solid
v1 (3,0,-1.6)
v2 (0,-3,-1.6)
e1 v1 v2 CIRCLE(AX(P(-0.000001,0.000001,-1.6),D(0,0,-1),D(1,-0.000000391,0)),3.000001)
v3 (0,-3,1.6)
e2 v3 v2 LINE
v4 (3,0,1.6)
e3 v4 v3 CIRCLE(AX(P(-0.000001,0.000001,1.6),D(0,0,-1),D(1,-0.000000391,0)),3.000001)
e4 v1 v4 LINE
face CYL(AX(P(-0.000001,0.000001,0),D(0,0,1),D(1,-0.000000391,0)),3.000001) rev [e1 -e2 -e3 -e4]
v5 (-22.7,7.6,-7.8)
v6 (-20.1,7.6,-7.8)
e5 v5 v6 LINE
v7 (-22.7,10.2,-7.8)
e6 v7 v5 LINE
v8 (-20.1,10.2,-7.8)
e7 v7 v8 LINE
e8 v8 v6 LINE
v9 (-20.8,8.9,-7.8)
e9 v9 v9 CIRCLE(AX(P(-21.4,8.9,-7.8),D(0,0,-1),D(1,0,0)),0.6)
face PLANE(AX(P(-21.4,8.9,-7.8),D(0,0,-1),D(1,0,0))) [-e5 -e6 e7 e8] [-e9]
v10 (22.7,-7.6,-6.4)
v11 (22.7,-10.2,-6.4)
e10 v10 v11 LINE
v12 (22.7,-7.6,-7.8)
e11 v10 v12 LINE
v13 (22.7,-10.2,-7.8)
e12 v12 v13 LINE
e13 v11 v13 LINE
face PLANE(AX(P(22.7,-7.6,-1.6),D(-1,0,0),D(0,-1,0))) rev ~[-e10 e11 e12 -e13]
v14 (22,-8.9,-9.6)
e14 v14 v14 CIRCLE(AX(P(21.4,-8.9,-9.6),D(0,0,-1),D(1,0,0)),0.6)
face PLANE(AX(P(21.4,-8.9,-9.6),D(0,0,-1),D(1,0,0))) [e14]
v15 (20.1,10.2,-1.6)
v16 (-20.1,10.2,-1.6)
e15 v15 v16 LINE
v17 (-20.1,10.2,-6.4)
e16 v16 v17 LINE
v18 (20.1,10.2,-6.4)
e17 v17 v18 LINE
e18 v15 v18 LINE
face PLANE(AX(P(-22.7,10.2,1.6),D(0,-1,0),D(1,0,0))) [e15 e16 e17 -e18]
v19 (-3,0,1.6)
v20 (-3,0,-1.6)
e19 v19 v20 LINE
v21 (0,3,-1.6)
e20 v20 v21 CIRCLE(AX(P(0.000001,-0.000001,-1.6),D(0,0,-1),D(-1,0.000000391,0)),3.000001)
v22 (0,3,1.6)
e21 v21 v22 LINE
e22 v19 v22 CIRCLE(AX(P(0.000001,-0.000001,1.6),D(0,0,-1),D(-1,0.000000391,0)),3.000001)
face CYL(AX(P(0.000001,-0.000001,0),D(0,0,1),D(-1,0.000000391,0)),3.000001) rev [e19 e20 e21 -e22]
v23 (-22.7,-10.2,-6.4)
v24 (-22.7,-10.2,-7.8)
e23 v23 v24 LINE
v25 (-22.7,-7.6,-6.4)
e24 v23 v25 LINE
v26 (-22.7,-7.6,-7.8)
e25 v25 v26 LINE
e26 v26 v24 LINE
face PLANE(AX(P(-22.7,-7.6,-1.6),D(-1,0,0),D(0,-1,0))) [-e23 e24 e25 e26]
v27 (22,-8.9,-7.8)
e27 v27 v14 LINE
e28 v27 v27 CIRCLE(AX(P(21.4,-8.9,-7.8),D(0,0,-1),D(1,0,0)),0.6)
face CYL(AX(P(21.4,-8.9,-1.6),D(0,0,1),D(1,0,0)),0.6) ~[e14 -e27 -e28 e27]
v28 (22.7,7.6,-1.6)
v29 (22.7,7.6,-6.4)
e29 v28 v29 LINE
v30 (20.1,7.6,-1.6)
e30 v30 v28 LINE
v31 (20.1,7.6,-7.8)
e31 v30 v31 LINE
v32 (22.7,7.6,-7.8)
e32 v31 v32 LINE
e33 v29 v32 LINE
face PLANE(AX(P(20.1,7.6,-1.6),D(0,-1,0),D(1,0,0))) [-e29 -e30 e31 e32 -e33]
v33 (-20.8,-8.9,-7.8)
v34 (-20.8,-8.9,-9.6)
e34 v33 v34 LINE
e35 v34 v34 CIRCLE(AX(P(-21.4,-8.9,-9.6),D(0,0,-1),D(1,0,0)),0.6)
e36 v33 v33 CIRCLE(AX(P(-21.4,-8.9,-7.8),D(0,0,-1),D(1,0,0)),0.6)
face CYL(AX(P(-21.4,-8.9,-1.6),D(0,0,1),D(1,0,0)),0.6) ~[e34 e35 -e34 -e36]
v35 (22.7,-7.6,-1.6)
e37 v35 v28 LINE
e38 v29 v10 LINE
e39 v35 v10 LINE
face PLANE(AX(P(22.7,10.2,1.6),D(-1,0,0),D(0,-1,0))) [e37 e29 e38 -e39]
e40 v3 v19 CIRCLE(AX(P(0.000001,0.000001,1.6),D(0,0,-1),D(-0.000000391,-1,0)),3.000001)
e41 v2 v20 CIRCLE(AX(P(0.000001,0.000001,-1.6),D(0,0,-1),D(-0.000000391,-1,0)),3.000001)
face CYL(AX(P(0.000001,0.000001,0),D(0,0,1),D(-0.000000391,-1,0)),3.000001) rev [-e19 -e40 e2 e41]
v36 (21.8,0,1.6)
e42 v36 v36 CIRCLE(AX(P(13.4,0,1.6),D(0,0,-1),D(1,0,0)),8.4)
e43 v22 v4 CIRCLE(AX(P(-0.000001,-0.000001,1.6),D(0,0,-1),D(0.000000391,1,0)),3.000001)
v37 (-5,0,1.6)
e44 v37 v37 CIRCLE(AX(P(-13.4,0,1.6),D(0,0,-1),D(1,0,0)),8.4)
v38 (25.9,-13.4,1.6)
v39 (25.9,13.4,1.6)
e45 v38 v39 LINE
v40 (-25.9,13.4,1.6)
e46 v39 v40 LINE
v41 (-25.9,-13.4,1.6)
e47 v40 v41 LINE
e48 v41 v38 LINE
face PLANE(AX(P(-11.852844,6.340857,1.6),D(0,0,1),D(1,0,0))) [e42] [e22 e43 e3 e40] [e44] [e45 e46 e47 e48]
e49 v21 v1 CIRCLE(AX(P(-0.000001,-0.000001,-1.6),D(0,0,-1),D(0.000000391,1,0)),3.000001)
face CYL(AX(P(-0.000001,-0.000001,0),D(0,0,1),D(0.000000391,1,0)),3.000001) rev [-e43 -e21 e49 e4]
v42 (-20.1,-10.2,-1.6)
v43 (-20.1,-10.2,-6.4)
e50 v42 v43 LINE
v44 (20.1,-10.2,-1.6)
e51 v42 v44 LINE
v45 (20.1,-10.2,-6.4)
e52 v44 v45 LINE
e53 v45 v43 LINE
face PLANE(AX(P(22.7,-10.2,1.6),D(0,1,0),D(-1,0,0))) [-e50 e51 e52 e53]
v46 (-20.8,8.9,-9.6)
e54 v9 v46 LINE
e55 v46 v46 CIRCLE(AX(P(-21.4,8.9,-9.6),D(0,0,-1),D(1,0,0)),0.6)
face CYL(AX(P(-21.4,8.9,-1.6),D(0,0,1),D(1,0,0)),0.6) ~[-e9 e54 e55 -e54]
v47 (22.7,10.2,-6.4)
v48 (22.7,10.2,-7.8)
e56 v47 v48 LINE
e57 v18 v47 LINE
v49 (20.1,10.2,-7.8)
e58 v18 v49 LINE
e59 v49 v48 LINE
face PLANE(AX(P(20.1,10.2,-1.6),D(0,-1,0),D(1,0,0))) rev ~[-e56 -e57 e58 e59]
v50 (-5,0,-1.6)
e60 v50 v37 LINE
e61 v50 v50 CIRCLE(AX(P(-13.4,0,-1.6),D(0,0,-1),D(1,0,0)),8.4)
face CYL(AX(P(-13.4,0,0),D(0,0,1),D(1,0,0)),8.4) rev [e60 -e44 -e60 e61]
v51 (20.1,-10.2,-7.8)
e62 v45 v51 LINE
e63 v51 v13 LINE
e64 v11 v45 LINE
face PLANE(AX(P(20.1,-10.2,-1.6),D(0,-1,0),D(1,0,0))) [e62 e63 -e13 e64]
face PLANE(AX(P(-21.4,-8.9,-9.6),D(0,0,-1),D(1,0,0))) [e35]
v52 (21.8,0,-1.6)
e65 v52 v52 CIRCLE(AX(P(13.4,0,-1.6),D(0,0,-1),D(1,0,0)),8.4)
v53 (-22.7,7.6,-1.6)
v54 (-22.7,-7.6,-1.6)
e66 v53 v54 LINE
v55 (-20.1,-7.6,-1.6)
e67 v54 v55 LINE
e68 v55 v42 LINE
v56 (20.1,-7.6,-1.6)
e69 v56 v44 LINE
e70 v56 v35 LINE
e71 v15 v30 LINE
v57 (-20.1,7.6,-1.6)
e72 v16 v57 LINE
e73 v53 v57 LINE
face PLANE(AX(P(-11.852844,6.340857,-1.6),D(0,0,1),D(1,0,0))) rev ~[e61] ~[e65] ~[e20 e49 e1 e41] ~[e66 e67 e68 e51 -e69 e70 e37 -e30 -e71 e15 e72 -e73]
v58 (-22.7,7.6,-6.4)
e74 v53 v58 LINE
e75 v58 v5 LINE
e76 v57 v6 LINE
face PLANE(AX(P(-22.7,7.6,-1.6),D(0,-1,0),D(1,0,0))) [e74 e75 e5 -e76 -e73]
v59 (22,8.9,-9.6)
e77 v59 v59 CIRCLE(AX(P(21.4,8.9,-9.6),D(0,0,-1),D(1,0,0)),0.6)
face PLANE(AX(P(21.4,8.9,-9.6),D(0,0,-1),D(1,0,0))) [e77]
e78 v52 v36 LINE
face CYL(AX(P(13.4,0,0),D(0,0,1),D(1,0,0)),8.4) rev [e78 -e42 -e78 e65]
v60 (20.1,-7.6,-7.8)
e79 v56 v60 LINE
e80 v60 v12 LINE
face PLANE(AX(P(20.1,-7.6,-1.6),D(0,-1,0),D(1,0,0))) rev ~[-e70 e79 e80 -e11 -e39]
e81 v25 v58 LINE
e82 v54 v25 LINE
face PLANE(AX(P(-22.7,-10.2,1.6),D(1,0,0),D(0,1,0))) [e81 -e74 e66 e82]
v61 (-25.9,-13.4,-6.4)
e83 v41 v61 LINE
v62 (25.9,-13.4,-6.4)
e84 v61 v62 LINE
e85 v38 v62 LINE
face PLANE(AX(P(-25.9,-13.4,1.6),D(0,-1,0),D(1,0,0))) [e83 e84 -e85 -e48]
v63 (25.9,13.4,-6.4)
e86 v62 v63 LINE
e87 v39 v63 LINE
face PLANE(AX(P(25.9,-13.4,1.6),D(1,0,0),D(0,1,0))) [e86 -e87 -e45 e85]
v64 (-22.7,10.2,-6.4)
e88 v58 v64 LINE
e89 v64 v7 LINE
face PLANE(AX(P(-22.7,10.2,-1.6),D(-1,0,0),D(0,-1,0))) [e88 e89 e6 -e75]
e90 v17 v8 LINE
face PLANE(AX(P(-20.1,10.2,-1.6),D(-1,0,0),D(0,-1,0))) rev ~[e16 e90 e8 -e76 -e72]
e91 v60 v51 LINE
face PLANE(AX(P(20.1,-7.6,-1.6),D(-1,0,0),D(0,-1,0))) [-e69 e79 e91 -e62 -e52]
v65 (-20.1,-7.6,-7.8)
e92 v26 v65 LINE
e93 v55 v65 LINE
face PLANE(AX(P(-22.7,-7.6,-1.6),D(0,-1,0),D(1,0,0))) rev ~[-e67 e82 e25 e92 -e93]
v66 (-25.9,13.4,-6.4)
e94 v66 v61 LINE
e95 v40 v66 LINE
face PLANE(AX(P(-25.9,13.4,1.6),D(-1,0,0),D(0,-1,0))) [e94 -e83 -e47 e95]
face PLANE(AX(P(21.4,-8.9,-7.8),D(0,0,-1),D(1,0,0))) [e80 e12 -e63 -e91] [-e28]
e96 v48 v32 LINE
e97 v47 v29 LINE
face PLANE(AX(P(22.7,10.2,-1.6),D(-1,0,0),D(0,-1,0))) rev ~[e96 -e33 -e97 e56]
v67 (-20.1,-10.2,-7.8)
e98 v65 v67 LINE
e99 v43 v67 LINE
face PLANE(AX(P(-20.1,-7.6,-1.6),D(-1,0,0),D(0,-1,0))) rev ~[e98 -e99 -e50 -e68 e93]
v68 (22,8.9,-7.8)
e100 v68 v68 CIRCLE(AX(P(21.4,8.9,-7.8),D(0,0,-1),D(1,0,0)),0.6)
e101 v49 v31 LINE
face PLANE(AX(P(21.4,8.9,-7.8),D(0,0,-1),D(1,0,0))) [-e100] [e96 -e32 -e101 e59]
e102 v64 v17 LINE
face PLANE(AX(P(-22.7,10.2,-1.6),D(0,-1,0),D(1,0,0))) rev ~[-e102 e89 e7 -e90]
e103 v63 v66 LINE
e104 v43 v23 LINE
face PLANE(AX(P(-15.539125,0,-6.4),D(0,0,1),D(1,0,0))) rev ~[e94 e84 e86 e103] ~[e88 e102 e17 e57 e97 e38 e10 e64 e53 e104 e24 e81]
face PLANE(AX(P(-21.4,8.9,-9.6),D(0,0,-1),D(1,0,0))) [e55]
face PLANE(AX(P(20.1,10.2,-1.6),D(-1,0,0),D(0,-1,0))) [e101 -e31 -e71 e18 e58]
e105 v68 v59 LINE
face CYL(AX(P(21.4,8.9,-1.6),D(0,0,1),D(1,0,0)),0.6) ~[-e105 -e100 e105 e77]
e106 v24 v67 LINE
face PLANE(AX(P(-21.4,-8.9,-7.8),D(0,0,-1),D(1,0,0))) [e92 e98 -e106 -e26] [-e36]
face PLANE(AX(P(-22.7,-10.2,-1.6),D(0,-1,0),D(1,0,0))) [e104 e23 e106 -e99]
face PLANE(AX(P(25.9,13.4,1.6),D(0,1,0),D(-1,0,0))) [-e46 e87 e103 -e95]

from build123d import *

# Parameters (mm, degrees)
F1_DEPTH = 1.6
F3_DEPTH = 8
F4_R     = 0.6
F5_DEPTH = 8
F4_W     = 2.6
F4_H     = 2.6
F6_DEPTH = 6.2


with BuildPart() as f1:
    # F0 (on Top) → F1 (new body, symmetric)
    with BuildSketch(Plane.XY):
        with BuildLine():
            Line((-5, 0), (-3, 0))
            ThreePointArc((-3, 0), (-2.12132, 2.12132), (0, 3))
            Line((0, 3), (0, 10.2))
            Line((0, 10.2), (-22.7, 10.2))
            Line((-22.7, 10.2), (-22.7, 0))
            Line((-22.7, 0), (-21.8, 0))
            ThreePointArc((-21.8, 0), (-13.4, 8.4), (-5, 0))
        make_face()
        with BuildLine():
            ThreePointArc((0, -3), (-2.12132, -2.12132), (-3, 0))
            Line((-3, 0), (-5, 0))
            ThreePointArc((-5, 0), (-13.4, -8.4), (-21.8, 0))
            Line((-21.8, 0), (-22.7, 0))
            Line((-22.7, 0), (-22.7, -10.2))
            Line((-22.7, -10.2), (0, -10.2))
            Line((0, -10.2), (0, -3))
        make_face()
        with BuildLine():
            Line((0, 10.2), (0, 3))
            ThreePointArc((0, 3), (2.12132, 2.12132), (3, 0))
            Line((3, 0), (5, 0))
            ThreePointArc((5, 0), (13.4, 8.4), (21.8, 0))
            Line((21.8, 0), (22.7, 0))
            Line((22.7, 0), (22.7, 10.2))
            Line((22.7, 10.2), (0, 10.2))
        make_face()
        with BuildLine():
            ThreePointArc((3, 0), (2.12132, -2.12132), (0, -3))
            Line((0, -3), (0, -10.2))
            Line((0, -10.2), (22.7, -10.2))
            Line((22.7, -10.2), (22.7, 0))
            Line((22.7, 0), (21.8, 0))
            ThreePointArc((21.8, 0), (13.4, -8.4), (5, 0))
            Line((5, 0), (3, 0))
        make_face()
    extrude(amount=F1_DEPTH, both=True)

    # F2 (on face) → F3 (join)
    with BuildSketch(Plane.XY.offset(1.6)):
        Polygon((-22.7, 10.2), (0, 10.2), (0, 13.4), (-25.9, 13.4), (-25.9, -13.4), (0, -13.4), (0, -10.2), (-22.7, -10.2), align=None)
        Polygon((0, 10.2), (22.7, 10.2), (22.7, -10.2), (0, -10.2), (0, -13.4), (25.9, -13.4), (25.9, 13.4), (0, 13.4), align=None)
    extrude(amount=-F3_DEPTH)

    # F4 (on face) → F5 (join)
    with BuildSketch(Plane(origin=(0, 0, -1.6), x_dir=(1, 0, 0), z_dir=(0, 0, -1))):
        with Locations((-21.4, 8.9)):
            Circle(F4_R)
        with Locations((-21.4, -8.9)):
            Circle(F4_R)
        with Locations((21.4, -8.9)):
            Circle(F4_R)
        with Locations((21.4, 8.9)):
            Circle(F4_R)
    extrude(amount=F5_DEPTH)

    # F4 (on face) → F6 (join)
    with BuildSketch(Plane(origin=(0, 0, -1.6), x_dir=(1, 0, 0), z_dir=(0, 0, -1))):
        with Locations((-21.4, 8.9)):
            Rectangle(F4_W, F4_H)
        with Locations((-21.4, 8.9)):
            Circle(F4_R, mode=Mode.SUBTRACT)
        with Locations((-21.4, -8.9)):
            Rectangle(F4_W, F4_H)
        with Locations((-21.4, -8.9)):
            Circle(F4_R, mode=Mode.SUBTRACT)
        with Locations((21.4, 8.9)):
            Rectangle(F4_W, F4_H)
        with Locations((21.4, 8.9)):
            Circle(F4_R, mode=Mode.SUBTRACT)
        with Locations((21.4, -8.9)):
            Rectangle(F4_W, F4_H)
        with Locations((21.4, -8.9)):
            Circle(F4_R, mode=Mode.SUBTRACT)
    extrude(amount=F6_DEPTH)


solid = f1.part
